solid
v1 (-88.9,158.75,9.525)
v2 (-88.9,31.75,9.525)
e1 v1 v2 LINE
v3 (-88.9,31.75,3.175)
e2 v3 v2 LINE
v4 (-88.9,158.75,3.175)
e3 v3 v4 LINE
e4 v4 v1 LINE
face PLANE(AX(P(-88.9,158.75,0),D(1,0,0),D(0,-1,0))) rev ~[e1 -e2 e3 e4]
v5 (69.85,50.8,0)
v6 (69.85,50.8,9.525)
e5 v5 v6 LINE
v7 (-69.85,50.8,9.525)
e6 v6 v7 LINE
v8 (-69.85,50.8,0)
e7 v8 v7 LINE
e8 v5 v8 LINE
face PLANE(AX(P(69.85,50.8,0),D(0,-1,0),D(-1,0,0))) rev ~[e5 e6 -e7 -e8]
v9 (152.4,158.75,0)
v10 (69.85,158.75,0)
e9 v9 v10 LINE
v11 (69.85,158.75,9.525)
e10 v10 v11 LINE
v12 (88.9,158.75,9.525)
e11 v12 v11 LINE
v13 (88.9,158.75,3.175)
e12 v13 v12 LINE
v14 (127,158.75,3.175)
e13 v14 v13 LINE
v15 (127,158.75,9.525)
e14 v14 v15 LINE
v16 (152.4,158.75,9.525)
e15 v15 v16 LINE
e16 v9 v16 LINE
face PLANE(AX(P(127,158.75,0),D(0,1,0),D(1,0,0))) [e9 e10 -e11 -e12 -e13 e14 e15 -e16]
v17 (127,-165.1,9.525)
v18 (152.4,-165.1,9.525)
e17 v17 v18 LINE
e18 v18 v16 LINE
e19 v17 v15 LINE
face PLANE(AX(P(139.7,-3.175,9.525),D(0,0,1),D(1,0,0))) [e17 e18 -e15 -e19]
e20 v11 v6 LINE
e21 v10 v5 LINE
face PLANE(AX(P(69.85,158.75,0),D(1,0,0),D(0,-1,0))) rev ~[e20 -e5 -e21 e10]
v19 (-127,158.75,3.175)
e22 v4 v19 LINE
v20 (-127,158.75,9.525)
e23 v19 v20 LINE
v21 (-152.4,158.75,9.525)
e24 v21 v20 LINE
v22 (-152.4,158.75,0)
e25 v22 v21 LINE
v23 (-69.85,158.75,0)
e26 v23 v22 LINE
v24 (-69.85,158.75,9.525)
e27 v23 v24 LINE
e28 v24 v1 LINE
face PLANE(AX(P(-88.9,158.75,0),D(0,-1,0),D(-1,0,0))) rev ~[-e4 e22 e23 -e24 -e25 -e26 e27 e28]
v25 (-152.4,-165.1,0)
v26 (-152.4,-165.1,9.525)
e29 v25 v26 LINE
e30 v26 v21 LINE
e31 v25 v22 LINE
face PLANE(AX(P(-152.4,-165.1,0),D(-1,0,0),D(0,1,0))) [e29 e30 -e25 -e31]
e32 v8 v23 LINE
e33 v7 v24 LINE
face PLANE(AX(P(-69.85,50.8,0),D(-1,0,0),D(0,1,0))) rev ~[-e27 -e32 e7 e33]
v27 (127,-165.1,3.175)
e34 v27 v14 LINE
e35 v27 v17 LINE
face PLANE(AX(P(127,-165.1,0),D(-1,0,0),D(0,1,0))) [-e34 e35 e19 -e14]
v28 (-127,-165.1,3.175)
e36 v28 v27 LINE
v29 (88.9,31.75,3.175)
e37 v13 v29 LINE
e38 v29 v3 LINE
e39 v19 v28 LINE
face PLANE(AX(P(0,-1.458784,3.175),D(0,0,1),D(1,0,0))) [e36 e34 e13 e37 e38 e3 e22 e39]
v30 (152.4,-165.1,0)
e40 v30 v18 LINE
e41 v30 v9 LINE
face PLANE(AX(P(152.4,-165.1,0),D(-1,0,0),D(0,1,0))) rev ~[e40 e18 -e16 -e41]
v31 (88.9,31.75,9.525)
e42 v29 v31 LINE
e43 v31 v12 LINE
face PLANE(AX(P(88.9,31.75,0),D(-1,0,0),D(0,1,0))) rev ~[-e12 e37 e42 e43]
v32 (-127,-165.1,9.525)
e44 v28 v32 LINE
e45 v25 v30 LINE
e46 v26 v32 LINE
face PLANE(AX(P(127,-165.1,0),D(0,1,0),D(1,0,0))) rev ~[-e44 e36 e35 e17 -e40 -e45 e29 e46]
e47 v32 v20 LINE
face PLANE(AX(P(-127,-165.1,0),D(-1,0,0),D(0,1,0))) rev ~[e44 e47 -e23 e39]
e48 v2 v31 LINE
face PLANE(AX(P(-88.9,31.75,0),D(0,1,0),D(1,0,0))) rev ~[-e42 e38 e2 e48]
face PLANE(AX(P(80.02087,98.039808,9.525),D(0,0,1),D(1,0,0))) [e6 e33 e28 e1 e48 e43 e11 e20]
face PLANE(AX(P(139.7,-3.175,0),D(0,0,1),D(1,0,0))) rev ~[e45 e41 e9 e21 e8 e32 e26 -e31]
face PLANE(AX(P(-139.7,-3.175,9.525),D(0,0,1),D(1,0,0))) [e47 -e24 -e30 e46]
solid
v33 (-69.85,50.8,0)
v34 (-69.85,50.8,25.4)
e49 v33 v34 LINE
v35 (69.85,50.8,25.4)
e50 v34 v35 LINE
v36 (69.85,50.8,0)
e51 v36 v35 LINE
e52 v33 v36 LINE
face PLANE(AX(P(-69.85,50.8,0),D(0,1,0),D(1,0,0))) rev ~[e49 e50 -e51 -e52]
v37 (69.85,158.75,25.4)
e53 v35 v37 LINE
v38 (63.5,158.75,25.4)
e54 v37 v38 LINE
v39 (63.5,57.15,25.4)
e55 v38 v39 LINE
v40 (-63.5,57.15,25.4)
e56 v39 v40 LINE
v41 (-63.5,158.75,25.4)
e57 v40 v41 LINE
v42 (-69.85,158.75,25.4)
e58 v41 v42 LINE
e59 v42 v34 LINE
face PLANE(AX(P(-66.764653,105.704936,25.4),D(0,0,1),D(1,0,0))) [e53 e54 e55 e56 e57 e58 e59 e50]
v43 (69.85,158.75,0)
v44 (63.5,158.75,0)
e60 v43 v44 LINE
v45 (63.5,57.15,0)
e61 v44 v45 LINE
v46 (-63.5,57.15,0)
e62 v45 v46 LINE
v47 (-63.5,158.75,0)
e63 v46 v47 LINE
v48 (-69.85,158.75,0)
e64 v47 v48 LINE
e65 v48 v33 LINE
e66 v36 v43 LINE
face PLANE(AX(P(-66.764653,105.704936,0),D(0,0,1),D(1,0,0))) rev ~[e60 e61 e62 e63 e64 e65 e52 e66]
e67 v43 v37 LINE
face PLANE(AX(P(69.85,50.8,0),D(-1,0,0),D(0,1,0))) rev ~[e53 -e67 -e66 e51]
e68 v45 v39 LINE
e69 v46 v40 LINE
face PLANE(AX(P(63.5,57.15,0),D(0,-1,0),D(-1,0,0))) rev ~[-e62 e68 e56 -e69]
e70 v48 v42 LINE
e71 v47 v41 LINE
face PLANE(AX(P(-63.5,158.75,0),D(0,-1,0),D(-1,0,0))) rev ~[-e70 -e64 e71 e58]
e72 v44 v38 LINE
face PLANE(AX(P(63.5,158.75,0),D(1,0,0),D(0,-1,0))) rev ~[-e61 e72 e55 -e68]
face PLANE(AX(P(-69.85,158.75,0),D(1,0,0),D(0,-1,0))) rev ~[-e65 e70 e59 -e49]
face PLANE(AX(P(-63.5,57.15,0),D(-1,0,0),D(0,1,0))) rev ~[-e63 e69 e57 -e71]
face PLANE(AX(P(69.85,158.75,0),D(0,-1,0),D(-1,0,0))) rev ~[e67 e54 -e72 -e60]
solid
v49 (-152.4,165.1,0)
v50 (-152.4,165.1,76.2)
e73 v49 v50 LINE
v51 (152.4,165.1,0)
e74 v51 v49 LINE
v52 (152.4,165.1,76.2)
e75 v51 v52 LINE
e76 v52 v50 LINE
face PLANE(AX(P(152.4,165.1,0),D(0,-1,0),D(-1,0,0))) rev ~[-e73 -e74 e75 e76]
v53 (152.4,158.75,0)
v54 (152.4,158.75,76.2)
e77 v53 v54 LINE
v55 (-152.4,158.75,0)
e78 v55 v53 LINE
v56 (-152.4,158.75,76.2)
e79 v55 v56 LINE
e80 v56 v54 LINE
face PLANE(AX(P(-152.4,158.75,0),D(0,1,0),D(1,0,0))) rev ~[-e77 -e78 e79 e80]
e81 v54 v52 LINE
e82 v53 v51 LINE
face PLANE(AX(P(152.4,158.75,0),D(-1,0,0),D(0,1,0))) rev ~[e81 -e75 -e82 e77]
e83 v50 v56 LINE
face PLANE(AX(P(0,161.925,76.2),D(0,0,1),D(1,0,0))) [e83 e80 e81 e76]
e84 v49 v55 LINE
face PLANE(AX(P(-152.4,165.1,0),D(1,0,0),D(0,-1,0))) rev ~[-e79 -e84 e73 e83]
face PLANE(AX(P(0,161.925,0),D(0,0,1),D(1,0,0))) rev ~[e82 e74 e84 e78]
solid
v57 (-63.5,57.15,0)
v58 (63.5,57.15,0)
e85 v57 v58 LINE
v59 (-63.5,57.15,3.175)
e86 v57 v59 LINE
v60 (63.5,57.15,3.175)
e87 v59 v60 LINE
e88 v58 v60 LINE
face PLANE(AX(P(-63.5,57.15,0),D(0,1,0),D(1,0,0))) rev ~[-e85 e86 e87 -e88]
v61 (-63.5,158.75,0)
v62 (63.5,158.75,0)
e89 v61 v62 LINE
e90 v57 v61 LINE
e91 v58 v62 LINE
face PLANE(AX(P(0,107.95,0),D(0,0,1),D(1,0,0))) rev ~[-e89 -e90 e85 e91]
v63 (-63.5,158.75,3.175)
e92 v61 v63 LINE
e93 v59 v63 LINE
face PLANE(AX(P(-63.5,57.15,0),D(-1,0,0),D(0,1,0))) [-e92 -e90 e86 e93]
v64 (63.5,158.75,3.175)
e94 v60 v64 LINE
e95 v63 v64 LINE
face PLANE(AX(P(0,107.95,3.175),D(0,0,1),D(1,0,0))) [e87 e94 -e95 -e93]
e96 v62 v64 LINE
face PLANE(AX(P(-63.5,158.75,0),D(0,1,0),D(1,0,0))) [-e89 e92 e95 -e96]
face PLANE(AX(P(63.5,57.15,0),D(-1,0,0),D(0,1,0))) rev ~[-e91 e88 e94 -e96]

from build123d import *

# Parameters (mm, degrees)
F0_W     = 127
F0_H     = 101.6
F1_DEPTH = 3.175
F0_W_2   = 25.4
F0_H_2   = 323.85
F2_DEPTH = 9.525
F3_DEPTH = 25.4
F4_DEPTH = 76.2


with BuildPart() as f1:
    # F0 (on Top) → F1 (new body)
    with BuildSketch(Plane.XY):
        Polygon((127, -165.1), (127, 158.75), (88.9, 158.75), (88.9, 31.75), (-88.9, 31.75), (-88.9, 158.75), (-127, 158.75), (-127, -165.1), align=None)
        with Locations((0, 107.95)):
            Rectangle(F0_W, F0_H)
    extrude(amount=F1_DEPTH)

    # F0 (on Top) → F2 (join)
    with BuildSketch(Plane.XY):
        with Locations((139.7, -3.175)):
            Rectangle(F0_W_2, F0_H_2)
        Polygon((88.9, 31.75), (88.9, 158.75), (69.85, 158.75), (69.85, 50.8), align=None)
        Polygon((-88.9, 31.75), (88.9, 31.75), (69.85, 50.8), (-69.85, 50.8), align=None)
        Polygon((-69.85, 158.75), (-88.9, 158.75), (-88.9, 31.75), (-69.85, 50.8), align=None)
        with Locations((-139.7, -3.175)):
            Rectangle(F0_W_2, F0_H_2)
    extrude(amount=F2_DEPTH)


with BuildPart() as f3:
    # F0 (on Top) → F3 (new body)
    with BuildSketch(Plane.XY):
        Polygon((-63.5, 158.75), (-69.85, 158.75), (-69.85, 50.8), (-63.5, 57.15), align=None)
        Polygon((-69.85, 50.8), (69.85, 50.8), (63.5, 57.15), (-63.5, 57.15), align=None)
        Polygon((69.85, 50.8), (69.85, 158.75), (63.5, 158.75), (63.5, 57.15), align=None)
    extrude(amount=F3_DEPTH)


with BuildPart() as f4:
    # F0 (on Top) → F4 (new body)
    with BuildSketch(Plane.XY):
        Polygon((152.4, 158.75), (152.4, 165.1), (-152.4, 165.1), (-152.4, 158.75), (-127, 158.75), (-88.9, 158.75), (-69.85, 158.75), (-63.5, 158.75), (63.5, 158.75), (69.85, 158.75), (88.9, 158.75), (127, 158.75), align=None)
    extrude(amount=F4_DEPTH)


solid = Compound([f1.part, f3.part, f4.part])
